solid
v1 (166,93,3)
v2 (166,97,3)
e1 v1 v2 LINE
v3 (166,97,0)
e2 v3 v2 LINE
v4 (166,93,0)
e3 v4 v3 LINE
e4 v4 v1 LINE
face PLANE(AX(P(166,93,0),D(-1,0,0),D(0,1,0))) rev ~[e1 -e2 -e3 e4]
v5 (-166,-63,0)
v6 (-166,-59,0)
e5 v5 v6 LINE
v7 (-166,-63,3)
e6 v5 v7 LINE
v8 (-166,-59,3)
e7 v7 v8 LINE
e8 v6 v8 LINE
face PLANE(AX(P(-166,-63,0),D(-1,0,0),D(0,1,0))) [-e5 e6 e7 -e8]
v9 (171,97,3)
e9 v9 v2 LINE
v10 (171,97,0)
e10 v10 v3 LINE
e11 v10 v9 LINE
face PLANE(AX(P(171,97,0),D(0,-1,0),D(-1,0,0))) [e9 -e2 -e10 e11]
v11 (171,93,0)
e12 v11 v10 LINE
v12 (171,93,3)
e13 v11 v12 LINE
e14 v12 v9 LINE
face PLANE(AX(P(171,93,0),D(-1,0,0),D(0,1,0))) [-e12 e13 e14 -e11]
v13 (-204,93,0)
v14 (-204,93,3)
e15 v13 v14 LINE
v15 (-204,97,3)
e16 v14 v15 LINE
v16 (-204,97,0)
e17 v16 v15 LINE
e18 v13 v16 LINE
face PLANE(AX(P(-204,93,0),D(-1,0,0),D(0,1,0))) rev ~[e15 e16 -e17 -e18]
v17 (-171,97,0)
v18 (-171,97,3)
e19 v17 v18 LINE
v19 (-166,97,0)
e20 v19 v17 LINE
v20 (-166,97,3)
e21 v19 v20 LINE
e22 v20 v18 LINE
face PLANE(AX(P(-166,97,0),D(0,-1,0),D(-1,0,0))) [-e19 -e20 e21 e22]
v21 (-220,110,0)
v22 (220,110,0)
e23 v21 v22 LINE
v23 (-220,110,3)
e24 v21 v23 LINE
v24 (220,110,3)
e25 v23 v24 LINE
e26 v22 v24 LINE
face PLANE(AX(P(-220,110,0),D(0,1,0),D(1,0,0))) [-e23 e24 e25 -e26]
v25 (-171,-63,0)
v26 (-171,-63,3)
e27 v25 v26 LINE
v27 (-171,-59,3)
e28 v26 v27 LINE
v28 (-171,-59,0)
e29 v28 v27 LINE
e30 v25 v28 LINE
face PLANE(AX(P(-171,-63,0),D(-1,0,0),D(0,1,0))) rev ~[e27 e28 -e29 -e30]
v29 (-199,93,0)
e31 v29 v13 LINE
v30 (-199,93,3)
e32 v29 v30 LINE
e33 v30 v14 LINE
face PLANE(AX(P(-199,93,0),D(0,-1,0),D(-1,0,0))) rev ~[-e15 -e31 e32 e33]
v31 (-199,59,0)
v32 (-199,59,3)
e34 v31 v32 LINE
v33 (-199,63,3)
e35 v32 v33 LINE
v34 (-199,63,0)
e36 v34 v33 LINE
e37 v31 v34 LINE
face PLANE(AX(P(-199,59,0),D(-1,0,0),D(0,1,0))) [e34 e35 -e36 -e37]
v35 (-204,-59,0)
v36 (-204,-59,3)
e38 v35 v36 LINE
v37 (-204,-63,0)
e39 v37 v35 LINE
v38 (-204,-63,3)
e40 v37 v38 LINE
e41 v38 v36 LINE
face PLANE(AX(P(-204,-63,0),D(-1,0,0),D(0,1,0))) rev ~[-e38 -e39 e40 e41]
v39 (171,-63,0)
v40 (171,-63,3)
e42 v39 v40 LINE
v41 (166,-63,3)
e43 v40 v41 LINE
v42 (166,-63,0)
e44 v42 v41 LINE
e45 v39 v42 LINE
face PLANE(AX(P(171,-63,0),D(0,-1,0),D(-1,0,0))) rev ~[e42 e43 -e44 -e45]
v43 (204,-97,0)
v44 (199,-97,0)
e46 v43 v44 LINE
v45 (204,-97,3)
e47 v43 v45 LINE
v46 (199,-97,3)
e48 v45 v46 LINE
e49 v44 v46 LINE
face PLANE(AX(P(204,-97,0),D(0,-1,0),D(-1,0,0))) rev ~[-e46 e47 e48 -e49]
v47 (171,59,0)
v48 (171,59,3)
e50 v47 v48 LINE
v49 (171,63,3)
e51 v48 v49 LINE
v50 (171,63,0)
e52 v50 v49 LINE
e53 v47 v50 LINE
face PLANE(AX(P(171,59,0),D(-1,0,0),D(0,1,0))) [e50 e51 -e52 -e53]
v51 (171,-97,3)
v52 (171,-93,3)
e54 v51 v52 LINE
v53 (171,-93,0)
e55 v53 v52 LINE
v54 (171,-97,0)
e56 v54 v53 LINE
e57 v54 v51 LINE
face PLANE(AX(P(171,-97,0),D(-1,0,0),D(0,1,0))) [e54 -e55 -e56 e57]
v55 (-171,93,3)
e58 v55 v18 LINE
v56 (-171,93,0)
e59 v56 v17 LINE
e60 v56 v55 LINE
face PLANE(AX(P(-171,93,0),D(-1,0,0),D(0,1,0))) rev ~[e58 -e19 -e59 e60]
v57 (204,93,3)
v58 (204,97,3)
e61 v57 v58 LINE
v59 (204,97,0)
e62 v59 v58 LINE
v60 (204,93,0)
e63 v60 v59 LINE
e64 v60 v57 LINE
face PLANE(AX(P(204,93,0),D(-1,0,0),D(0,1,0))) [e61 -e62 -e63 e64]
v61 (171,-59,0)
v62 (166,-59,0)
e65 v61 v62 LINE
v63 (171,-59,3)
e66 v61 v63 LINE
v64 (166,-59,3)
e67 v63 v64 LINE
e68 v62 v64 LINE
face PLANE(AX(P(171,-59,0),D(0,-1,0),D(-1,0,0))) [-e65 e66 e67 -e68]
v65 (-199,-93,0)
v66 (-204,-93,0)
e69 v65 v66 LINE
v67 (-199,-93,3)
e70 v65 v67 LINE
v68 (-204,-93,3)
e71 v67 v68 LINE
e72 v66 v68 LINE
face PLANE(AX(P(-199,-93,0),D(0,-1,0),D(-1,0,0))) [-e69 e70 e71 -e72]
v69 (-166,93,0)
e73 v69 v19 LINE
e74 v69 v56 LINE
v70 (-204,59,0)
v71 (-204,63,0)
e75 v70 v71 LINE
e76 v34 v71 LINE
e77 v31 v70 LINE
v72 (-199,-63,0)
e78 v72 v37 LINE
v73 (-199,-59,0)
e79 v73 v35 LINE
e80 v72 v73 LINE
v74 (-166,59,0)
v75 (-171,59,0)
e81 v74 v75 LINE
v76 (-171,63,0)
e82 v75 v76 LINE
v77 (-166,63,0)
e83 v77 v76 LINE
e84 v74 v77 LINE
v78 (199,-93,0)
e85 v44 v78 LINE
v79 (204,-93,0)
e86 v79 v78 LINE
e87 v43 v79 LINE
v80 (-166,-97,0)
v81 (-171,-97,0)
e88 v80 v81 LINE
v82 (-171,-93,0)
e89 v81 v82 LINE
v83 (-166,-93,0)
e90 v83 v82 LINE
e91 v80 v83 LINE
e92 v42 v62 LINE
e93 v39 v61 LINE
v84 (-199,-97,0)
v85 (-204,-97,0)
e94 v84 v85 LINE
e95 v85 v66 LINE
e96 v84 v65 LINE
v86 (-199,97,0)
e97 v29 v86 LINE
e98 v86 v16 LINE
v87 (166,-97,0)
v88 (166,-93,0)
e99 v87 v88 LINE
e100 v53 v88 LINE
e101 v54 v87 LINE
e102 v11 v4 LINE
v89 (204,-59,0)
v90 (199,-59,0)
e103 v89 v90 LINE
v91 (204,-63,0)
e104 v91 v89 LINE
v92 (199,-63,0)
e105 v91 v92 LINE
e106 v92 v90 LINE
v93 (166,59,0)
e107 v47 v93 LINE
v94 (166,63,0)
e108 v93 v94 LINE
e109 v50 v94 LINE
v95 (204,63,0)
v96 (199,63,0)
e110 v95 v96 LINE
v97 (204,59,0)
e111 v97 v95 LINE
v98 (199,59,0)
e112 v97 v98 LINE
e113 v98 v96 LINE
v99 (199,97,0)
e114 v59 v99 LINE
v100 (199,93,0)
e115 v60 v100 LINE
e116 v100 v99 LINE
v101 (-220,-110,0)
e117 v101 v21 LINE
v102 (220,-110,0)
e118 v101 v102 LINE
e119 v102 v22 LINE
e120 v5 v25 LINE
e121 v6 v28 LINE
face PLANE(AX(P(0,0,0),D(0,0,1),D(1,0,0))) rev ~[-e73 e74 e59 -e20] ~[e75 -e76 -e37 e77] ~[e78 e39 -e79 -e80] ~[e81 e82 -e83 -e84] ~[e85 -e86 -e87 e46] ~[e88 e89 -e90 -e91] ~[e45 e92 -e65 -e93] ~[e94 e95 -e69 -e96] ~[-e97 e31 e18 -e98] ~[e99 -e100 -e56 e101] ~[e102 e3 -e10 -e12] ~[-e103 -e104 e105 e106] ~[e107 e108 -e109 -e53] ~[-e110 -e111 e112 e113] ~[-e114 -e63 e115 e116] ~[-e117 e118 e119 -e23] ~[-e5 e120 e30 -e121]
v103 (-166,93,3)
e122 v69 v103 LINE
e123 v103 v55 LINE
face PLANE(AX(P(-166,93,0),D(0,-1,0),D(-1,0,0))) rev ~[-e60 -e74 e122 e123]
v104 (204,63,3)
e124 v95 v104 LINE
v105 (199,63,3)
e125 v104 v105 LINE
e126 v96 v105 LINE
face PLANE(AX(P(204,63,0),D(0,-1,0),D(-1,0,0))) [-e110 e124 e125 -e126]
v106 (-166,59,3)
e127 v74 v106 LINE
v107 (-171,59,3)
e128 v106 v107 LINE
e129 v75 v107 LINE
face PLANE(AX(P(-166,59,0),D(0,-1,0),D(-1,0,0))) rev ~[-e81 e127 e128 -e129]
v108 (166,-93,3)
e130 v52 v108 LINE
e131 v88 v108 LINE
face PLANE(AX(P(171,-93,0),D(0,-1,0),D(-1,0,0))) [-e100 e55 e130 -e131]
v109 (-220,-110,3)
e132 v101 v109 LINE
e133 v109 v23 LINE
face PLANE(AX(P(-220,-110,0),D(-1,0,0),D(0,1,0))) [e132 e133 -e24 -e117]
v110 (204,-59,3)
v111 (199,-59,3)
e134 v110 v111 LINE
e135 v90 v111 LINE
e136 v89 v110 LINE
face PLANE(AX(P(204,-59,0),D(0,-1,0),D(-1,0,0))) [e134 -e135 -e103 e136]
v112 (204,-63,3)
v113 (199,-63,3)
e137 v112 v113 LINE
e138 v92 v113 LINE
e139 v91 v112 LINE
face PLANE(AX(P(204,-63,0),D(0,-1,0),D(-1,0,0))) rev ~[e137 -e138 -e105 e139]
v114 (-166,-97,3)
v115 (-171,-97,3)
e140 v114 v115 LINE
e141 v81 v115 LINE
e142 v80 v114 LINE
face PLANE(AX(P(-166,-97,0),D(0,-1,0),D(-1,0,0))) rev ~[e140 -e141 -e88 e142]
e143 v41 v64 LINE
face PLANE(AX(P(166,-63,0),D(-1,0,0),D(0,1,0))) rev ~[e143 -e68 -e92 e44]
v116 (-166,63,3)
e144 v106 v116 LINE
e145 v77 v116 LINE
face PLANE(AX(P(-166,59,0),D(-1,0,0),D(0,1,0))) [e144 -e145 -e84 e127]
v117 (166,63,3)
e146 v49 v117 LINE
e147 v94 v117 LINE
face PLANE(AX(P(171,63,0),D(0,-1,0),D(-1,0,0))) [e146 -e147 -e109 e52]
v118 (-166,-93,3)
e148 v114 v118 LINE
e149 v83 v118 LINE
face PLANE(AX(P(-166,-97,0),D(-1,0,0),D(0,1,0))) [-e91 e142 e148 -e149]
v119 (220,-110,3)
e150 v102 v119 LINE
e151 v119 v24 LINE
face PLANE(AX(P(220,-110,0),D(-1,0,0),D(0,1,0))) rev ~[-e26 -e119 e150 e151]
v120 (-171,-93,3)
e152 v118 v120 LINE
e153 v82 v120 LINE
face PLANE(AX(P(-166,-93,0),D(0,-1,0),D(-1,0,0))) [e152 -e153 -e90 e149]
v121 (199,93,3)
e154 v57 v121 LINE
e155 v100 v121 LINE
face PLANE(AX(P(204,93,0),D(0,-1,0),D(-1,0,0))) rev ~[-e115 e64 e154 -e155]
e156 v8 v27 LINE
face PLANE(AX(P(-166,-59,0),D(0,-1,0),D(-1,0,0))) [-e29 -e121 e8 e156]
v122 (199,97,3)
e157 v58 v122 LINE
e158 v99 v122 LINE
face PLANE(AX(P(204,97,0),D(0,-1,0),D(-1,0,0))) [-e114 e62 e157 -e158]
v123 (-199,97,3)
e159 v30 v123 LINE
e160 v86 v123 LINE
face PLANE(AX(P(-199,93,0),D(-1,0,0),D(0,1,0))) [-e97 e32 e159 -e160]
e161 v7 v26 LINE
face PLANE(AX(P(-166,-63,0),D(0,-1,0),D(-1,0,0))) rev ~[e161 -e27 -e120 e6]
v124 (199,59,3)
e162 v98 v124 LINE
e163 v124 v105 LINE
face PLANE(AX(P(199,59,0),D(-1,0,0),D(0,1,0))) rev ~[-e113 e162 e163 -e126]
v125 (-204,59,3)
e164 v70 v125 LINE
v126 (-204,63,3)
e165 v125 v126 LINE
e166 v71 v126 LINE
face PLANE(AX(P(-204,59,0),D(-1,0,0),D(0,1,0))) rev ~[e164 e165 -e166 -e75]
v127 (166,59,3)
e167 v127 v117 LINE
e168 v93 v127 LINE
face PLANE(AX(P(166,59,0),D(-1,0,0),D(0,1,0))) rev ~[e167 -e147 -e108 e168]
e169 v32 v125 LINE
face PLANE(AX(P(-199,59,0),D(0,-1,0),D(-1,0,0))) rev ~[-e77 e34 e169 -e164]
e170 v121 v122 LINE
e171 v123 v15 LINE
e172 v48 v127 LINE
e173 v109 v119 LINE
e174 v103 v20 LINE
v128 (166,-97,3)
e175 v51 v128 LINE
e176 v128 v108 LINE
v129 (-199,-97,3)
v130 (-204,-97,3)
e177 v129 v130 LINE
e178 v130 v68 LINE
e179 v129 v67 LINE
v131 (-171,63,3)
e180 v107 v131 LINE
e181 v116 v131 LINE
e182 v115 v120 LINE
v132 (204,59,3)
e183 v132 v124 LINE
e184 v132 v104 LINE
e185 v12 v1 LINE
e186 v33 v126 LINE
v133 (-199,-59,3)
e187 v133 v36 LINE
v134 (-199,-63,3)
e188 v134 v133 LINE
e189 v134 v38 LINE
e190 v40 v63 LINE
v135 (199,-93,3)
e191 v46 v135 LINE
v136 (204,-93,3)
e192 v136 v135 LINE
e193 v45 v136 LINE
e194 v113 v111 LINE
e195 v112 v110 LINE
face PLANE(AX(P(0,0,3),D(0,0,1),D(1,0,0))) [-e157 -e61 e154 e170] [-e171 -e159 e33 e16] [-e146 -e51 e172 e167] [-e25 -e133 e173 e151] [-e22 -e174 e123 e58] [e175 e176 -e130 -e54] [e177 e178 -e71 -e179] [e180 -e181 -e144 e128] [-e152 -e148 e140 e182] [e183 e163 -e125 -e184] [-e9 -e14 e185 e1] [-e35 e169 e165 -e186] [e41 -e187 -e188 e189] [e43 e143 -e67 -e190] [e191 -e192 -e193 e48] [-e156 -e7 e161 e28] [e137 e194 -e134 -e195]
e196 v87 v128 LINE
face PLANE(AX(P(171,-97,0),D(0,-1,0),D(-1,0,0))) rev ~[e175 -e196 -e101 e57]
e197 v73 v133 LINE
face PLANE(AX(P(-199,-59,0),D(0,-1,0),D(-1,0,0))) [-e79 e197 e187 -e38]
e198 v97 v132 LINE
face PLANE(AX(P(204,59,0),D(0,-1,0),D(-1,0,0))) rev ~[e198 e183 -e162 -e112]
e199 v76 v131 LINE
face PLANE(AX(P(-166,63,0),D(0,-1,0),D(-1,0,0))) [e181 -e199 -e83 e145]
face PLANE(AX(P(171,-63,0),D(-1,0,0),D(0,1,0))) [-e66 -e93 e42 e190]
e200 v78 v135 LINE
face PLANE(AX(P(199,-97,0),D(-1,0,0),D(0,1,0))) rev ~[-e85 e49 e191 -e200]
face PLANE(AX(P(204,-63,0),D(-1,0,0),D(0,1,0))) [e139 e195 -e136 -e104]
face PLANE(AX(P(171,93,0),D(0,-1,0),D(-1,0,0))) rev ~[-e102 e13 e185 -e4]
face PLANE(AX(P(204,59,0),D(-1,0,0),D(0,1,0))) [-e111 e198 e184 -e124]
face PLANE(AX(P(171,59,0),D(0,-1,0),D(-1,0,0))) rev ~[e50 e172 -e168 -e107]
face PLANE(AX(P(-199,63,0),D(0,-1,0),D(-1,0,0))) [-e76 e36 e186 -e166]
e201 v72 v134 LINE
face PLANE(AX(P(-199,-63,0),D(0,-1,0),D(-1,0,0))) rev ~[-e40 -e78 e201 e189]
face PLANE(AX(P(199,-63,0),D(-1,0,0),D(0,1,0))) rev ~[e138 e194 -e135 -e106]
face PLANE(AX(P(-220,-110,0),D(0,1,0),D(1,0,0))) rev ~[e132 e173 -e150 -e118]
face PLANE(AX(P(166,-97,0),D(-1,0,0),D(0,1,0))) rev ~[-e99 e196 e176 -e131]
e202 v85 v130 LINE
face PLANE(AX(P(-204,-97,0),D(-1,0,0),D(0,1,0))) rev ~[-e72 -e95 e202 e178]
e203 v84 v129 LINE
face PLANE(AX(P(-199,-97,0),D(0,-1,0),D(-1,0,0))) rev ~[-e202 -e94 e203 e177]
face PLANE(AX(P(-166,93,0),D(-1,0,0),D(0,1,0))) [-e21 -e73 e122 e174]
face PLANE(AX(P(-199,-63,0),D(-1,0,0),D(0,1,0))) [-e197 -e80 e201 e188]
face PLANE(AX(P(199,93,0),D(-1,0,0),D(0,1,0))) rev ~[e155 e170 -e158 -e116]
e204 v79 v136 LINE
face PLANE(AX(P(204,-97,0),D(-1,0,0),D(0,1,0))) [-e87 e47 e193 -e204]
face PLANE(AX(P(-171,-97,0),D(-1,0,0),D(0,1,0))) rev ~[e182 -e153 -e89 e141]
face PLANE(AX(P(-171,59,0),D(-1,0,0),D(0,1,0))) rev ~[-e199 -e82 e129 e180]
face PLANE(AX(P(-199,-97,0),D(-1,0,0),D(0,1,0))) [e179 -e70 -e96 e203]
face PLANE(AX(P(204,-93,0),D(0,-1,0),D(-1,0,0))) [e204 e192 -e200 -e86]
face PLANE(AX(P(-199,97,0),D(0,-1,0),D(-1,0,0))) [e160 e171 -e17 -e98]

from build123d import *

# Parameters (mm, degrees)
ESQUISSE1_W             = 440
ESQUISSE1_H             = 220
BOSS_EXTRU_1_DEPTH      = 3
ESQUISSE2_W             = 5
ESQUISSE2_H             = 4
ENL_V_MAT_EXTRU_1_DEPTH = 3


with BuildPart() as part:
    # Esquisse1 → Boss.-Extru.1 (new body)
    with BuildSketch(Plane.XY):
        Rectangle(ESQUISSE1_W, ESQUISSE1_H)
    extrude(amount=BOSS_EXTRU_1_DEPTH)

    # Esquisse2 → Enlèv. mat.-Extru.1 (cut)
    with BuildSketch(Plane(origin=(0, 0, 0), x_dir=(-1, 0, 0), z_dir=(0, 0, -1))):
        with Locations((-201.5, 95)):
            Rectangle(ESQUISSE2_W, ESQUISSE2_H)
        with Locations((-168.5, 95)):
            Rectangle(ESQUISSE2_W, ESQUISSE2_H)
        with Locations((-168.5, 61)):
            Rectangle(ESQUISSE2_W, ESQUISSE2_H)
        with Locations((-201.5, 61)):
            Rectangle(ESQUISSE2_W, ESQUISSE2_H)
        with Locations((168.5, 61)):
            Rectangle(ESQUISSE2_W, ESQUISSE2_H)
        with Locations((201.5, 61)):
            Rectangle(ESQUISSE2_W, ESQUISSE2_H)
        with Locations((168.5, 95)):
            Rectangle(ESQUISSE2_W, ESQUISSE2_H)
        with Locations((201.5, 95)):
            Rectangle(ESQUISSE2_W, ESQUISSE2_H)
        with Locations((-168.5, -95)):
            Rectangle(ESQUISSE2_W, ESQUISSE2_H)
        with Locations((-201.5, -95)):
            Rectangle(ESQUISSE2_W, ESQUISSE2_H)
        with Locations((168.5, -61)):
            Rectangle(ESQUISSE2_W, ESQUISSE2_H)
        with Locations((201.5, -61)):
            Rectangle(ESQUISSE2_W, ESQUISSE2_H)
        with Locations((201.5, -95)):
            Rectangle(ESQUISSE2_W, ESQUISSE2_H)
        with Locations((168.5, -95)):
            Rectangle(ESQUISSE2_W, ESQUISSE2_H)
        with Locations((-168.5, -61)):
            Rectangle(ESQUISSE2_W, ESQUISSE2_H)
        with Locations((-201.5, -61)):
            Rectangle(ESQUISSE2_W, ESQUISSE2_H)
    extrude(amount=-ENL_V_MAT_EXTRU_1_DEPTH, mode=Mode.SUBTRACT)


solid = part.part
